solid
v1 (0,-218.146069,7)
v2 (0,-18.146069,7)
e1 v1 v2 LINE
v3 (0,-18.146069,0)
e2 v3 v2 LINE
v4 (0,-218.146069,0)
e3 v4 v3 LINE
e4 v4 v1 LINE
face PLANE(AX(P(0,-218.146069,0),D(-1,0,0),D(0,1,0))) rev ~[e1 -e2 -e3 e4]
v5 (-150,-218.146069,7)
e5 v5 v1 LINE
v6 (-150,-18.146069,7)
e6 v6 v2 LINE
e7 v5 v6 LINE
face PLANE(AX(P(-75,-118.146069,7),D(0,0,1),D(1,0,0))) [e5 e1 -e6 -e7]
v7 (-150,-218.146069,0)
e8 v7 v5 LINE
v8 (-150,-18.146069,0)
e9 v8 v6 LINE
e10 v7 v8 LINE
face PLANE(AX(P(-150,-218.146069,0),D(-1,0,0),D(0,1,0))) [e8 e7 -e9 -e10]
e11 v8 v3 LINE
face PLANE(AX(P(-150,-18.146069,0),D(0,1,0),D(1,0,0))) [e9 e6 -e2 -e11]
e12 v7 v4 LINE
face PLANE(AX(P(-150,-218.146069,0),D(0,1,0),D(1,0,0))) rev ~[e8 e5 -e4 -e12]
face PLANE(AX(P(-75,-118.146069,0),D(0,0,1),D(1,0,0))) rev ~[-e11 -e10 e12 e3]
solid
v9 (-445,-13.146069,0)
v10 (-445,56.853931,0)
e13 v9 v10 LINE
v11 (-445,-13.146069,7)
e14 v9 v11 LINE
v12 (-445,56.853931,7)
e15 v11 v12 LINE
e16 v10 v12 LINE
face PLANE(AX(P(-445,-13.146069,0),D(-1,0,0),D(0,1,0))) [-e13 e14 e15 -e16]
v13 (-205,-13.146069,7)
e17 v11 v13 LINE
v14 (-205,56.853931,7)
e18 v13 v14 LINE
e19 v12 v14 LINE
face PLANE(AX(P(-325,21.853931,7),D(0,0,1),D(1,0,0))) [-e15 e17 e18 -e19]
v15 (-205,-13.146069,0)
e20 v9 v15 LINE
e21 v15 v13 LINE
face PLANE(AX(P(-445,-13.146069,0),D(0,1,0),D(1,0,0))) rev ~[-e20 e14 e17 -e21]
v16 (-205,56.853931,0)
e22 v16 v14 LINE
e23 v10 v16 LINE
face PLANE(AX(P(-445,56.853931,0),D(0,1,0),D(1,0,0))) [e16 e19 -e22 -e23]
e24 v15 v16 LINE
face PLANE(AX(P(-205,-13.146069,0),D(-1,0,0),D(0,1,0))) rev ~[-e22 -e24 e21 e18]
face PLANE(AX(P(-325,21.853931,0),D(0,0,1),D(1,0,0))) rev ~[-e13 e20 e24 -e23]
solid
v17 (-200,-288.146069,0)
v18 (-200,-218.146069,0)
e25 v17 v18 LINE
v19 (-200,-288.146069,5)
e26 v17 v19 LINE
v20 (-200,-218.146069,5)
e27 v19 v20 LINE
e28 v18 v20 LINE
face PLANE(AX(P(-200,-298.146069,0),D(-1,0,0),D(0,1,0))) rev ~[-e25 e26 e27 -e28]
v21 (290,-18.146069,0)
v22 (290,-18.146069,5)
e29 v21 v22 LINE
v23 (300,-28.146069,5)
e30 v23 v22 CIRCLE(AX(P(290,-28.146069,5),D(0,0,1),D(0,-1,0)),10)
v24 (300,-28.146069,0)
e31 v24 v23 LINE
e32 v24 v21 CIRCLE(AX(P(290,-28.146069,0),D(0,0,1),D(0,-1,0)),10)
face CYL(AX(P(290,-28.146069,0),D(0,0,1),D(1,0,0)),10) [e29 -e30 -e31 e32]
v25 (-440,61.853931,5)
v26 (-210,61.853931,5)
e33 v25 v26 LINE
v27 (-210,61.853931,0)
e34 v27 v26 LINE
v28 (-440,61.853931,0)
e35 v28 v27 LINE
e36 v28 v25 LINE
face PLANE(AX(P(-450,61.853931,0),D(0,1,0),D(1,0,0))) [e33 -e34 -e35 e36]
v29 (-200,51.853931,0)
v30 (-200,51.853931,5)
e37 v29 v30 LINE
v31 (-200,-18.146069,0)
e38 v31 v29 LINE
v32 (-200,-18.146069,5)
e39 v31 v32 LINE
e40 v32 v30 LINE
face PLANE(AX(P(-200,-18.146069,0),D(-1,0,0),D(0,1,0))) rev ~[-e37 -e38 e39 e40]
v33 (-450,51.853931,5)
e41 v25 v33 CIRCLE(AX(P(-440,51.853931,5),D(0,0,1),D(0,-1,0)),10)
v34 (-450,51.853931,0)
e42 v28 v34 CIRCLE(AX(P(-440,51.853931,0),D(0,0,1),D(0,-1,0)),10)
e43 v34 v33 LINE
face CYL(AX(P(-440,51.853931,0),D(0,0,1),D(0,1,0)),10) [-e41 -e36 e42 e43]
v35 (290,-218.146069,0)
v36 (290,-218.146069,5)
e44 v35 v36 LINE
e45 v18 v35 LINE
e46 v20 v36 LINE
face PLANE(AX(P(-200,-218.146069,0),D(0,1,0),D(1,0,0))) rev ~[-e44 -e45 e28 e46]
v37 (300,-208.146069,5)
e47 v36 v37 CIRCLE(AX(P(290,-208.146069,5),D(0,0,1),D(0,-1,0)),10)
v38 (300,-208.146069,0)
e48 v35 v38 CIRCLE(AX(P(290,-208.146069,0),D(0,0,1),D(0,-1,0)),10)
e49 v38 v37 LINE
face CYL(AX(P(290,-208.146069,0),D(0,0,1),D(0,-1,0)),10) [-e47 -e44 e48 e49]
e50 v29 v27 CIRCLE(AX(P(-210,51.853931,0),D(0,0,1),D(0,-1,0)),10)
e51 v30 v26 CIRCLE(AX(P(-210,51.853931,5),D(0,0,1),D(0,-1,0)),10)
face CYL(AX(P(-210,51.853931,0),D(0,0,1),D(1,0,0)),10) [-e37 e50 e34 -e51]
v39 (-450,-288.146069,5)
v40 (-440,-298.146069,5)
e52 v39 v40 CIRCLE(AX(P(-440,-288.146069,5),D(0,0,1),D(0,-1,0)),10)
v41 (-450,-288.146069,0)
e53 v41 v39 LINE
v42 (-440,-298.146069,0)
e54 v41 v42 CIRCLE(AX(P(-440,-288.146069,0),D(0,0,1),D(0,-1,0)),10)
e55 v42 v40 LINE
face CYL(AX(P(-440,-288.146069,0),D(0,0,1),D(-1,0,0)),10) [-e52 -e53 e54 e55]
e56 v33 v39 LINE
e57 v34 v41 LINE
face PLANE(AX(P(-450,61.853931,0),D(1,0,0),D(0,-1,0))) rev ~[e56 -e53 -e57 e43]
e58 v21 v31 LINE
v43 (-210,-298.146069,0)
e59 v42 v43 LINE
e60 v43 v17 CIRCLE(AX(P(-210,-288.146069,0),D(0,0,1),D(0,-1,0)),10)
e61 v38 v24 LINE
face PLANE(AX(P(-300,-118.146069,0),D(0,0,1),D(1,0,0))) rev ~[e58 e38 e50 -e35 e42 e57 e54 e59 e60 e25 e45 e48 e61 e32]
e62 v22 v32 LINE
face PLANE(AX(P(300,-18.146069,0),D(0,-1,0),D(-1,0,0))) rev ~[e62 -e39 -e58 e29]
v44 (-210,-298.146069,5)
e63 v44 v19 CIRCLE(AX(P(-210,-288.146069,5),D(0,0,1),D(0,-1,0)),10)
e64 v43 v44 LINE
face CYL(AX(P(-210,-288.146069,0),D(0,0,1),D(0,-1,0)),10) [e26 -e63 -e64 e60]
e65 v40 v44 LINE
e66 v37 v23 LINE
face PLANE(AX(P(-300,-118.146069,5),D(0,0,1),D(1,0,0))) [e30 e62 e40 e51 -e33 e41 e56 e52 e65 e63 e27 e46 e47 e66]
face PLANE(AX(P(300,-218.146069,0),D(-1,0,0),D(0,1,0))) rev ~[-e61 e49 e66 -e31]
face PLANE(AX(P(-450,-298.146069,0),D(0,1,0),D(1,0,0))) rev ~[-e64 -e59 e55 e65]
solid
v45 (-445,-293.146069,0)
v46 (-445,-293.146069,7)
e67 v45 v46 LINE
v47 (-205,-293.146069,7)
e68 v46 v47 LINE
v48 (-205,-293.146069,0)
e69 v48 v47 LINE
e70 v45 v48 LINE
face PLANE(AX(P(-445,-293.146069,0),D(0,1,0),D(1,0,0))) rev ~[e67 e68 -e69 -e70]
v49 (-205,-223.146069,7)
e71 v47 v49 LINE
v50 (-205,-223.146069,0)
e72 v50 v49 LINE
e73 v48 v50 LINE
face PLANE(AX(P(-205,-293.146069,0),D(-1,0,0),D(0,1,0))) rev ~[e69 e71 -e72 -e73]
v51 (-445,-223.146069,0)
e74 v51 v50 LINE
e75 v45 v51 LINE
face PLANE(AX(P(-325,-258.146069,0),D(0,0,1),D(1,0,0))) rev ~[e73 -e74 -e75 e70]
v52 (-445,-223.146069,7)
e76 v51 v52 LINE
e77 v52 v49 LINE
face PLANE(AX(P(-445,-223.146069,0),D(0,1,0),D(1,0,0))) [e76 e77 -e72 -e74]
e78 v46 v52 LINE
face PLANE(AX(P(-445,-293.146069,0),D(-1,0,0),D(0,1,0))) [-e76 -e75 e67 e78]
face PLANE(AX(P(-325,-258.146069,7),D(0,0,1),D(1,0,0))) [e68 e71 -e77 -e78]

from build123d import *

# Parameters (mm, degrees)
F0_W     = 300
F0_H     = 200
F0_W_2   = 150
F0_W_3   = 250
F0_H_2   = 80
F0_W_4   = 240
F0_H_3   = 70
F1_DEPTH = 5
F2_DEPTH = 7
F3_R     = 10


with BuildPart() as f1:
    # F0 (on Top) → F1 (new body)
    with BuildSketch(Plane.XY):
        Polygon((-200, -18.1460690498), (-450, -18.1460690498), (-450, -218.1460690498), (-200, -218.1460690498), (-150, -218.1460690498), (-150, -18.1460690498), align=None)
        with Locations((150, -118.1460690498)):
            Rectangle(F0_W, F0_H)
        with Locations((-75, -118.1460690498)):
            Rectangle(F0_W_2, F0_H)
        with Locations((-325, 21.8539309502)):
            Rectangle(F0_W_3, F0_H_2)
        with Locations((-325, 21.8539309502)):
            Rectangle(F0_W_4, F0_H_3, mode=Mode.SUBTRACT)
        with Locations((-325, -258.1460690498)):
            Rectangle(F0_W_3, F0_H_2)
        with Locations((-325, -258.1460690498)):
            Rectangle(F0_W_4, F0_H_3, mode=Mode.SUBTRACT)
        with Locations((-325, 21.8539309502)):
            Rectangle(F0_W_4, F0_H_3)
        with Locations((-325, -258.1460690498)):
            Rectangle(F0_W_4, F0_H_3)
    extrude(amount=F1_DEPTH)

    # F3
    f3_edges = [f1.edges().sort_by_distance(p)[0] for p in [
        (300, -218.146069, 2.5),
        (300, -18.146069, 2.5),
        (-200, -298.146069, 2.5),
        (-450, -298.146069, 2.5),
        (-450, 61.853931, 2.5),
        (-200, 61.853931, 2.5),
    ]]
    fillet(f3_edges, radius=F3_R)


with BuildPart() as f2:
    # F0 (on Top) → F2 (new body)
    with BuildSketch(Plane.XY):
        with Locations((-325, -258.1460690498)):
            Rectangle(F0_W_4, F0_H_3)
    extrude(amount=F2_DEPTH)


with BuildPart() as f2b:
    # F0 (on Top) → F2, piece 2 (new body)
    with BuildSketch(Plane.XY):
        with Locations((-325, 21.8539309502)):
            Rectangle(F0_W_4, F0_H_3)
    extrude(amount=F2_DEPTH)


with BuildPart() as f2c:
    # F0 (on Top) → F2, piece 3 (new body)
    with BuildSketch(Plane.XY):
        with Locations((-75, -118.1460690498)):
            Rectangle(F0_W_2, F0_H)
    extrude(amount=F2_DEPTH)


solid = Compound([f1.part, f2.part, f2b.part, f2c.part])
